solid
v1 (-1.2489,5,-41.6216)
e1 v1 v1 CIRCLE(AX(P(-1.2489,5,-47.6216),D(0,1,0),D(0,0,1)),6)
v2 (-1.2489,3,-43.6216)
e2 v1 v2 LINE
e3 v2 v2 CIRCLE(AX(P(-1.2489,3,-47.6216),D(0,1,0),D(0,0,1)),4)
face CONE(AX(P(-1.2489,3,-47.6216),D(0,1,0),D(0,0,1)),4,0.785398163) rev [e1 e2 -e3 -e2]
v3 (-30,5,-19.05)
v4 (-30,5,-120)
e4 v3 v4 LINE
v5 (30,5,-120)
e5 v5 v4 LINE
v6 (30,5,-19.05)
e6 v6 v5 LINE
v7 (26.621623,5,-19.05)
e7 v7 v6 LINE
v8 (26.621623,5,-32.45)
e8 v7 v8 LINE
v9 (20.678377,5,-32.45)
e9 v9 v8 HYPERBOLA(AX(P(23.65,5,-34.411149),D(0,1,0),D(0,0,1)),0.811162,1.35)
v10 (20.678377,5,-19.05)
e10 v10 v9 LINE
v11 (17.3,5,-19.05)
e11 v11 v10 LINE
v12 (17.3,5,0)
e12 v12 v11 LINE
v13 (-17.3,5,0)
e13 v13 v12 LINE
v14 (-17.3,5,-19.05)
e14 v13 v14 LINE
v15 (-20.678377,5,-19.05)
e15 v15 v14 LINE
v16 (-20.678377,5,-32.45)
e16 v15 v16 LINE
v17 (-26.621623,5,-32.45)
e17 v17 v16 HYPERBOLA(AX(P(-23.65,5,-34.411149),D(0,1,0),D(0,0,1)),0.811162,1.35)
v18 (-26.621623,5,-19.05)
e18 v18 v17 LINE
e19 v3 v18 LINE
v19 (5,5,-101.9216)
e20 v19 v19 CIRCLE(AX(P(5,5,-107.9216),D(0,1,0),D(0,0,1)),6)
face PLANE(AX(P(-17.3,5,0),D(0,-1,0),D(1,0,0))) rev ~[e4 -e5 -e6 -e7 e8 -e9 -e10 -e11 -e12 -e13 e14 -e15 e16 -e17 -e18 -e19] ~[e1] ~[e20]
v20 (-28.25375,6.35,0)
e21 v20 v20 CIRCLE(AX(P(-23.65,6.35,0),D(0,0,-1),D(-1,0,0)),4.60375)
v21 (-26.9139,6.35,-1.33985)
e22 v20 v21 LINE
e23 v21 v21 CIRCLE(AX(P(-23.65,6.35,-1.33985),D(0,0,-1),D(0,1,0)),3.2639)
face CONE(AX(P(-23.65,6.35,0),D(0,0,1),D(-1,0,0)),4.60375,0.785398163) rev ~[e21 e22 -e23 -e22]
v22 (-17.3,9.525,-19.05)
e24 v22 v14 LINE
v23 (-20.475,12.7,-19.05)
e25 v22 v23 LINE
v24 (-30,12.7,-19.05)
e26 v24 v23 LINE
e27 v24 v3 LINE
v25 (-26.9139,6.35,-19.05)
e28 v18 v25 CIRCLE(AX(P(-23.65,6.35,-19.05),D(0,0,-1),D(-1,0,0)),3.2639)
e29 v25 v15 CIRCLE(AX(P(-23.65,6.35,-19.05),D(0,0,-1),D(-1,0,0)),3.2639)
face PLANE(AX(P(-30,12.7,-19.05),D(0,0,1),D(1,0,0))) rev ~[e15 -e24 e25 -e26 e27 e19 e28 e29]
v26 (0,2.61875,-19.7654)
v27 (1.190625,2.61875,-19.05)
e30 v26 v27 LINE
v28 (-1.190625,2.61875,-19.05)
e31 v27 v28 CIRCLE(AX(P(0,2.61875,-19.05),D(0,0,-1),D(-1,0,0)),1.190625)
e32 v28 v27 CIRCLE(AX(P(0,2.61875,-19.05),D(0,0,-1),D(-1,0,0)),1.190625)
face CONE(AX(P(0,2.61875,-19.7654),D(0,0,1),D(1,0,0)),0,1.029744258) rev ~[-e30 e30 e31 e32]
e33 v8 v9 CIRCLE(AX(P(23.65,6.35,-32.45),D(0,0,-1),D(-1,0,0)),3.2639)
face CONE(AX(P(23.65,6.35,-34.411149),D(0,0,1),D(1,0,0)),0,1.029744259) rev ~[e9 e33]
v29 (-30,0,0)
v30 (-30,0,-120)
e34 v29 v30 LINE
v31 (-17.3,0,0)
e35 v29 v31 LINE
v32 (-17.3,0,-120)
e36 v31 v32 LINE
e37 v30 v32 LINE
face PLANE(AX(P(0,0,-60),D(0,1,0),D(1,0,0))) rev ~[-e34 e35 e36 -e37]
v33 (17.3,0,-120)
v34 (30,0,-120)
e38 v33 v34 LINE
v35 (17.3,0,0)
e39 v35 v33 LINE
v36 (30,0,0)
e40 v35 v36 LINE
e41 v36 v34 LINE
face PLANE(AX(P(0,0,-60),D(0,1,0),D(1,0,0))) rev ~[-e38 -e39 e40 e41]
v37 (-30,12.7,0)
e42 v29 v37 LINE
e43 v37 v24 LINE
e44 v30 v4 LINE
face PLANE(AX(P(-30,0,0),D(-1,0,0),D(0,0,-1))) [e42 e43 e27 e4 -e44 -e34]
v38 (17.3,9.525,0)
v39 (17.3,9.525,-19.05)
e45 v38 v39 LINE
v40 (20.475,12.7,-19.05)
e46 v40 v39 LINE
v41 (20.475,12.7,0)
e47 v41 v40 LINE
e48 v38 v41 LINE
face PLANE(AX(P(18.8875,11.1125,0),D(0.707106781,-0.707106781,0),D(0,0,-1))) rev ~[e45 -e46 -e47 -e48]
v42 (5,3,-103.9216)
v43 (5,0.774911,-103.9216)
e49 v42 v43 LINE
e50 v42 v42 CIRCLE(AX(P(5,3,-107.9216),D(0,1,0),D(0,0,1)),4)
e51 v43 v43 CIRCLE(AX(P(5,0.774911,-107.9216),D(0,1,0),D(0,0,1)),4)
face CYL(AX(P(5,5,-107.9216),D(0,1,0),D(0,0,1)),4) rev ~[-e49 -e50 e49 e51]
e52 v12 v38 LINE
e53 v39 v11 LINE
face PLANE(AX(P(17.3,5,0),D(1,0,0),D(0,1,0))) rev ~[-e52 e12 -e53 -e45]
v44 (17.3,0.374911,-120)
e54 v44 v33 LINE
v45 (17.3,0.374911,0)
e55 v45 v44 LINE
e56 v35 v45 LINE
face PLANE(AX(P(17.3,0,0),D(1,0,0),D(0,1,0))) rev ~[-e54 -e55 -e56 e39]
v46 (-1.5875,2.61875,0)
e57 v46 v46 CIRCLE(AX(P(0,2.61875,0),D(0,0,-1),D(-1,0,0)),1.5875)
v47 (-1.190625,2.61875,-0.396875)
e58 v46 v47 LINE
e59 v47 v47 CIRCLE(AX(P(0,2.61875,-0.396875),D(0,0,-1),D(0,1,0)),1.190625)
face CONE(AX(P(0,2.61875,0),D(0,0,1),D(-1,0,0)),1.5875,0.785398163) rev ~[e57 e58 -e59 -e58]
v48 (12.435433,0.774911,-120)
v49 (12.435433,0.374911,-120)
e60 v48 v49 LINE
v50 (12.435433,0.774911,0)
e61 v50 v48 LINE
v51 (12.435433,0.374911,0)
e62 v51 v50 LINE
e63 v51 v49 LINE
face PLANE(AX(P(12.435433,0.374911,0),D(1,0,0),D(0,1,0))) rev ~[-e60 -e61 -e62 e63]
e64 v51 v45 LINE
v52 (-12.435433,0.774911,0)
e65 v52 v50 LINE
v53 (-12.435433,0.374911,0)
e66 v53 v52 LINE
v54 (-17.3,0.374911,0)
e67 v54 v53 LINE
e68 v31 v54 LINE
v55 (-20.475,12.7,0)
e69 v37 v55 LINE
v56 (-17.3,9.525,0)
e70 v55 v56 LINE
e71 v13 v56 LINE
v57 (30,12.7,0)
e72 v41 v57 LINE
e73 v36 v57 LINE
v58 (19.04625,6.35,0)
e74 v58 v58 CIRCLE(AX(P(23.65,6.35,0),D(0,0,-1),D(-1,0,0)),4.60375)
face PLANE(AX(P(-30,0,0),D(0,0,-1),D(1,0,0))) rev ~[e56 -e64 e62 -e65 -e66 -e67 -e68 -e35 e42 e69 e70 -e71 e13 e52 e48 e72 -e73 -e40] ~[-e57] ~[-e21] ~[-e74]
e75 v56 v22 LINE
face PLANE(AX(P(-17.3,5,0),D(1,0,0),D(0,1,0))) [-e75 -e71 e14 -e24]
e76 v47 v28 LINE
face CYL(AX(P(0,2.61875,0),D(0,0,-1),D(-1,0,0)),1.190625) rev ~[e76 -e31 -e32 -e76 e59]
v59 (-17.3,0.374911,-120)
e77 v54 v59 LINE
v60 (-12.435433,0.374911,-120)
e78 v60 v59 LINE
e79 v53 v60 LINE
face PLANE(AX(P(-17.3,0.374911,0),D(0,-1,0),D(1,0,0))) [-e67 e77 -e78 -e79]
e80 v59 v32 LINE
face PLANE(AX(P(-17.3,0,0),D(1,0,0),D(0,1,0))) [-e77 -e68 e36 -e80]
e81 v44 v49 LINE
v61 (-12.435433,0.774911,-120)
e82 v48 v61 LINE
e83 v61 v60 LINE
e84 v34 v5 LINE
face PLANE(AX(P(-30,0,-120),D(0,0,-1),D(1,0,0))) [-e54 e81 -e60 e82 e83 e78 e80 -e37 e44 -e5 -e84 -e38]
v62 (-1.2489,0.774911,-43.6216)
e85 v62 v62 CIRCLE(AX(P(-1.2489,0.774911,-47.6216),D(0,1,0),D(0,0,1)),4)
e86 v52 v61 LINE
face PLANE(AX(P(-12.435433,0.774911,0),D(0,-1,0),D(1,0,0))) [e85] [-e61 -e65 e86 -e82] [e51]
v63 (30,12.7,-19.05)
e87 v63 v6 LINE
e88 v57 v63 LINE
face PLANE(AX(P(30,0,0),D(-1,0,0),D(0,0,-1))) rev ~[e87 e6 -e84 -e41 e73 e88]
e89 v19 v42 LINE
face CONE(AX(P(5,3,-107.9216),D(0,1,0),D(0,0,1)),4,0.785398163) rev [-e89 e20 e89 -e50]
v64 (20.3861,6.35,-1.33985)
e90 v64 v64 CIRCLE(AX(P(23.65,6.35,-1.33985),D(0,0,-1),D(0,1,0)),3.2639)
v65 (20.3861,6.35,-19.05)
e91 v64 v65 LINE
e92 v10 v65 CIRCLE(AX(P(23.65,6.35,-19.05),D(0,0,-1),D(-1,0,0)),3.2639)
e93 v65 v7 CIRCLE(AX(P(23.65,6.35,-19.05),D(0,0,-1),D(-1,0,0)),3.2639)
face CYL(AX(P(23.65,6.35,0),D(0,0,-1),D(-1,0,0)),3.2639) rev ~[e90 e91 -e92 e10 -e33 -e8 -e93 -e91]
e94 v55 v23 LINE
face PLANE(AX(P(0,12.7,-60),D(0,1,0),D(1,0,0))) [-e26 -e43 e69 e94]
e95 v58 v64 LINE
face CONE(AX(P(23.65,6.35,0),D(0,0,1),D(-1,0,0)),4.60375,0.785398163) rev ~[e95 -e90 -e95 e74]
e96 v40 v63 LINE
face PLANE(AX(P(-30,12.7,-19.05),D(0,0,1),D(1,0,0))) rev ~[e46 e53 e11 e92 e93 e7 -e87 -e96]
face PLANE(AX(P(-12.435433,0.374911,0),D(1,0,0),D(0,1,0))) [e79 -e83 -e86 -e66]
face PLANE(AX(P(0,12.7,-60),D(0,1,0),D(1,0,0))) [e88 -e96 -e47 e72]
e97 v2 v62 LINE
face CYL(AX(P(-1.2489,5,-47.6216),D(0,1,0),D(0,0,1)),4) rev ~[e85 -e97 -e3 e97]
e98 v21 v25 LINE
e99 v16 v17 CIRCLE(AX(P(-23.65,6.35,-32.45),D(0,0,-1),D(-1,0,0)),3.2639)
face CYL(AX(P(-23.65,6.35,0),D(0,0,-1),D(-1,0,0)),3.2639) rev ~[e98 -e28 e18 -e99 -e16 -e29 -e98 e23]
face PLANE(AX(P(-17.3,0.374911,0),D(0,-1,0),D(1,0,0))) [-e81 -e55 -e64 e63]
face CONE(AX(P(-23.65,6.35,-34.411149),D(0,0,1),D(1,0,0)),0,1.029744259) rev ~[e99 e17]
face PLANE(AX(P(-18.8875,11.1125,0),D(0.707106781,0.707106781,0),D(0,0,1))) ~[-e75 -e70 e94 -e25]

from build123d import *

# Parameters (mm, degrees)
SKETCH1_W                                 = 60
SKETCH1_H                                 = 120
BOSS_EXTRUDE1_DEPTH                       = 12.7
SKETCH2_W                                 = 34.6
SKETCH2_H                                 = 7.7
CUT_EXTRUDE1_DEPTH                        = 121
F_3_32_0_09375_DIAMETER_HOLE3_D           = 2.38125
F_3_32_0_09375_DIAMETER_HOLE3_DEPTH       = 19.05
F_3_32_0_09375_DIAMETER_HOLE3_CSINK_D     = 3.175
F_3_32_0_09375_DIAMETER_HOLE3_CSINK_ANGLE = 90
F_3_32_0_09375_DIAMETER_HOLE3_TIP         = 0.715399675
CUT_EXTRUDE2_DEPTH                        = 1
CUT_EXTRUDE2_DEPTH_BACK                   = 121
F_5_16_18_TAPPED_HOLE1_D                  = 6.5278
F_5_16_18_TAPPED_HOLE1_DEPTH              = 32.45
F_5_16_18_TAPPED_HOLE1_CSINK_D            = 9.2075
F_5_16_18_TAPPED_HOLE1_CSINK_ANGLE        = 90
F_5_16_18_TAPPED_HOLE1_TIP                = 1.961148974
CHAMFER1_SIZE                             = 3.175
SKETCH7_R                                 = 4
CUT_EXTRUDE4_DEPTH                        = 6
CHAMFER2_SIZE                             = 2
SKETCH10_W                                = 60
SKETCH10_H                                = 100.95
CUT_EXTRUDE5_DEPTH                        = 7.7
SKETCH11_W                                = 24.87086649
SKETCH11_H                                = 0.4
CUT_EXTRUDE6_DEPTH                        = 121.0000001
SKETCH12_W                                = 34.6
SKETCH12_H                                = 0.374910819
CUT_EXTRUDE7_DEPTH                        = 121


with BuildPart() as part:
    # Sketch1 → Boss-Extrude1 (new body)
    with BuildSketch(Plane(origin=(0, 0, 0), x_dir=(1, 0, 0), z_dir=(0, 1, 0))):
        with Locations((0, 60)):
            Rectangle(SKETCH1_W, SKETCH1_H)
    extrude(amount=BOSS_EXTRUDE1_DEPTH)

    # Sketch2 → Cut-Extrude1 (cut, through all)
    with BuildSketch(Plane.XY):
        with Locations((0, 8.85)):
            Rectangle(SKETCH2_W, SKETCH2_H)
    extrude(amount=-CUT_EXTRUDE1_DEPTH, mode=Mode.SUBTRACT)

    # 3_32 _0.09375_ Diameter Hole3
    with Locations(Plane.XY):
        with Locations((0, 2.61875)):
            CounterSinkHole(F_3_32_0_09375_DIAMETER_HOLE3_D / 2, F_3_32_0_09375_DIAMETER_HOLE3_CSINK_D / 2, depth=F_3_32_0_09375_DIAMETER_HOLE3_DEPTH, counter_sink_angle=F_3_32_0_09375_DIAMETER_HOLE3_CSINK_ANGLE)
            with Locations((0, 0, -(F_3_32_0_09375_DIAMETER_HOLE3_DEPTH + F_3_32_0_09375_DIAMETER_HOLE3_TIP / 2))):  # 118° drill point
                Cone(0, F_3_32_0_09375_DIAMETER_HOLE3_D / 2, F_3_32_0_09375_DIAMETER_HOLE3_TIP, mode=Mode.SUBTRACT)

    # Sketch3 → Cut-Extrude2 (cut, two sides)
    with BuildSketch(Plane.XY) as cut_extrude2_sk:
        with BuildLine():
            Line((-124.818289263, -9.651397294), (-17.3, 0))
            ThreePointArc((-17.3, 0), (0, 0.774910819), (17.3, 0))
            Line((17.3, 0), (124.818289263, -9.651397294))
            Line((124.818289263, -9.651397294), (124.818289263, -225.552596882))
            Line((124.818289263, -225.552596882), (-124.818289263, -225.552596882))
            Line((-124.818289263, -225.552596882), (-124.818289263, -9.651397294))
        make_face()
    extrude(amount=CUT_EXTRUDE2_DEPTH, mode=Mode.SUBTRACT)
    extrude(cut_extrude2_sk.sketch, amount=-CUT_EXTRUDE2_DEPTH_BACK, mode=Mode.SUBTRACT)

    # 5_16-18 Tapped Hole1
    with Locations(Plane.XY):
        with Locations((-23.65, 6.35), (23.65, 6.35)):
            CounterSinkHole(F_5_16_18_TAPPED_HOLE1_D / 2, F_5_16_18_TAPPED_HOLE1_CSINK_D / 2, depth=F_5_16_18_TAPPED_HOLE1_DEPTH, counter_sink_angle=F_5_16_18_TAPPED_HOLE1_CSINK_ANGLE)
            with Locations((0, 0, -(F_5_16_18_TAPPED_HOLE1_DEPTH + F_5_16_18_TAPPED_HOLE1_TIP / 2))):  # 118° drill point
                Cone(0, F_5_16_18_TAPPED_HOLE1_D / 2, F_5_16_18_TAPPED_HOLE1_TIP, mode=Mode.SUBTRACT)

    # Chamfer1
    chamfer1_edges = [part.edges().sort_by_distance(p)[0] for p in [
        (-17.3, 12.7, -60),
        (17.3, 12.7, -60),
    ]]
    chamfer(chamfer1_edges, length=CHAMFER1_SIZE)

    # Sketch7 → Cut-Extrude4 (cut, through all)
    with BuildSketch(Plane(origin=(0, 5, 0), x_dir=(1, 0, 0), z_dir=(0, 1, 0))):
        with Locations(Location((5, 107.9216, 0), (0, 0, 270))):  # turned: the seam where the file's is
            Circle(SKETCH7_R)
        with Locations(Location((-1.2489, 47.6216, 0), (0, 0, 270))):  # turned: the seam where the file's is
            Circle(SKETCH7_R)
    extrude(amount=-CUT_EXTRUDE4_DEPTH, mode=Mode.SUBTRACT)

    # Chamfer2
    chamfer2_edges = [part.edges().sort_by_distance(p)[0] for p in [
        (5, 5, -111.9216),
        (-1.2489, 5, -51.6216),
    ]]
    chamfer(chamfer2_edges, length=CHAMFER2_SIZE)

    # Sketch10 → Cut-Extrude5 (cut)
    with BuildSketch(Plane(origin=(0, 12.7, 0), x_dir=(1, 0, 0), z_dir=(0, 1, 0))):
        with Locations((0, 69.525)):
            Rectangle(SKETCH10_W, SKETCH10_H)
    extrude(amount=-CUT_EXTRUDE5_DEPTH, mode=Mode.SUBTRACT)

    # Sketch11 → Cut-Extrude6 (cut, through all)
    with BuildSketch(Plane.XY):
        with Locations((0, 0.574910819)):
            Rectangle(SKETCH11_W, SKETCH11_H)
    extrude(amount=-CUT_EXTRUDE6_DEPTH, mode=Mode.SUBTRACT)

    # Sketch12 → Cut-Extrude7 (cut, through all)
    with BuildSketch(Plane.XY):
        with Locations((0, 0.18745541)):
            Rectangle(SKETCH12_W, SKETCH12_H)
    extrude(amount=-CUT_EXTRUDE7_DEPTH, mode=Mode.SUBTRACT)


solid = part.part
